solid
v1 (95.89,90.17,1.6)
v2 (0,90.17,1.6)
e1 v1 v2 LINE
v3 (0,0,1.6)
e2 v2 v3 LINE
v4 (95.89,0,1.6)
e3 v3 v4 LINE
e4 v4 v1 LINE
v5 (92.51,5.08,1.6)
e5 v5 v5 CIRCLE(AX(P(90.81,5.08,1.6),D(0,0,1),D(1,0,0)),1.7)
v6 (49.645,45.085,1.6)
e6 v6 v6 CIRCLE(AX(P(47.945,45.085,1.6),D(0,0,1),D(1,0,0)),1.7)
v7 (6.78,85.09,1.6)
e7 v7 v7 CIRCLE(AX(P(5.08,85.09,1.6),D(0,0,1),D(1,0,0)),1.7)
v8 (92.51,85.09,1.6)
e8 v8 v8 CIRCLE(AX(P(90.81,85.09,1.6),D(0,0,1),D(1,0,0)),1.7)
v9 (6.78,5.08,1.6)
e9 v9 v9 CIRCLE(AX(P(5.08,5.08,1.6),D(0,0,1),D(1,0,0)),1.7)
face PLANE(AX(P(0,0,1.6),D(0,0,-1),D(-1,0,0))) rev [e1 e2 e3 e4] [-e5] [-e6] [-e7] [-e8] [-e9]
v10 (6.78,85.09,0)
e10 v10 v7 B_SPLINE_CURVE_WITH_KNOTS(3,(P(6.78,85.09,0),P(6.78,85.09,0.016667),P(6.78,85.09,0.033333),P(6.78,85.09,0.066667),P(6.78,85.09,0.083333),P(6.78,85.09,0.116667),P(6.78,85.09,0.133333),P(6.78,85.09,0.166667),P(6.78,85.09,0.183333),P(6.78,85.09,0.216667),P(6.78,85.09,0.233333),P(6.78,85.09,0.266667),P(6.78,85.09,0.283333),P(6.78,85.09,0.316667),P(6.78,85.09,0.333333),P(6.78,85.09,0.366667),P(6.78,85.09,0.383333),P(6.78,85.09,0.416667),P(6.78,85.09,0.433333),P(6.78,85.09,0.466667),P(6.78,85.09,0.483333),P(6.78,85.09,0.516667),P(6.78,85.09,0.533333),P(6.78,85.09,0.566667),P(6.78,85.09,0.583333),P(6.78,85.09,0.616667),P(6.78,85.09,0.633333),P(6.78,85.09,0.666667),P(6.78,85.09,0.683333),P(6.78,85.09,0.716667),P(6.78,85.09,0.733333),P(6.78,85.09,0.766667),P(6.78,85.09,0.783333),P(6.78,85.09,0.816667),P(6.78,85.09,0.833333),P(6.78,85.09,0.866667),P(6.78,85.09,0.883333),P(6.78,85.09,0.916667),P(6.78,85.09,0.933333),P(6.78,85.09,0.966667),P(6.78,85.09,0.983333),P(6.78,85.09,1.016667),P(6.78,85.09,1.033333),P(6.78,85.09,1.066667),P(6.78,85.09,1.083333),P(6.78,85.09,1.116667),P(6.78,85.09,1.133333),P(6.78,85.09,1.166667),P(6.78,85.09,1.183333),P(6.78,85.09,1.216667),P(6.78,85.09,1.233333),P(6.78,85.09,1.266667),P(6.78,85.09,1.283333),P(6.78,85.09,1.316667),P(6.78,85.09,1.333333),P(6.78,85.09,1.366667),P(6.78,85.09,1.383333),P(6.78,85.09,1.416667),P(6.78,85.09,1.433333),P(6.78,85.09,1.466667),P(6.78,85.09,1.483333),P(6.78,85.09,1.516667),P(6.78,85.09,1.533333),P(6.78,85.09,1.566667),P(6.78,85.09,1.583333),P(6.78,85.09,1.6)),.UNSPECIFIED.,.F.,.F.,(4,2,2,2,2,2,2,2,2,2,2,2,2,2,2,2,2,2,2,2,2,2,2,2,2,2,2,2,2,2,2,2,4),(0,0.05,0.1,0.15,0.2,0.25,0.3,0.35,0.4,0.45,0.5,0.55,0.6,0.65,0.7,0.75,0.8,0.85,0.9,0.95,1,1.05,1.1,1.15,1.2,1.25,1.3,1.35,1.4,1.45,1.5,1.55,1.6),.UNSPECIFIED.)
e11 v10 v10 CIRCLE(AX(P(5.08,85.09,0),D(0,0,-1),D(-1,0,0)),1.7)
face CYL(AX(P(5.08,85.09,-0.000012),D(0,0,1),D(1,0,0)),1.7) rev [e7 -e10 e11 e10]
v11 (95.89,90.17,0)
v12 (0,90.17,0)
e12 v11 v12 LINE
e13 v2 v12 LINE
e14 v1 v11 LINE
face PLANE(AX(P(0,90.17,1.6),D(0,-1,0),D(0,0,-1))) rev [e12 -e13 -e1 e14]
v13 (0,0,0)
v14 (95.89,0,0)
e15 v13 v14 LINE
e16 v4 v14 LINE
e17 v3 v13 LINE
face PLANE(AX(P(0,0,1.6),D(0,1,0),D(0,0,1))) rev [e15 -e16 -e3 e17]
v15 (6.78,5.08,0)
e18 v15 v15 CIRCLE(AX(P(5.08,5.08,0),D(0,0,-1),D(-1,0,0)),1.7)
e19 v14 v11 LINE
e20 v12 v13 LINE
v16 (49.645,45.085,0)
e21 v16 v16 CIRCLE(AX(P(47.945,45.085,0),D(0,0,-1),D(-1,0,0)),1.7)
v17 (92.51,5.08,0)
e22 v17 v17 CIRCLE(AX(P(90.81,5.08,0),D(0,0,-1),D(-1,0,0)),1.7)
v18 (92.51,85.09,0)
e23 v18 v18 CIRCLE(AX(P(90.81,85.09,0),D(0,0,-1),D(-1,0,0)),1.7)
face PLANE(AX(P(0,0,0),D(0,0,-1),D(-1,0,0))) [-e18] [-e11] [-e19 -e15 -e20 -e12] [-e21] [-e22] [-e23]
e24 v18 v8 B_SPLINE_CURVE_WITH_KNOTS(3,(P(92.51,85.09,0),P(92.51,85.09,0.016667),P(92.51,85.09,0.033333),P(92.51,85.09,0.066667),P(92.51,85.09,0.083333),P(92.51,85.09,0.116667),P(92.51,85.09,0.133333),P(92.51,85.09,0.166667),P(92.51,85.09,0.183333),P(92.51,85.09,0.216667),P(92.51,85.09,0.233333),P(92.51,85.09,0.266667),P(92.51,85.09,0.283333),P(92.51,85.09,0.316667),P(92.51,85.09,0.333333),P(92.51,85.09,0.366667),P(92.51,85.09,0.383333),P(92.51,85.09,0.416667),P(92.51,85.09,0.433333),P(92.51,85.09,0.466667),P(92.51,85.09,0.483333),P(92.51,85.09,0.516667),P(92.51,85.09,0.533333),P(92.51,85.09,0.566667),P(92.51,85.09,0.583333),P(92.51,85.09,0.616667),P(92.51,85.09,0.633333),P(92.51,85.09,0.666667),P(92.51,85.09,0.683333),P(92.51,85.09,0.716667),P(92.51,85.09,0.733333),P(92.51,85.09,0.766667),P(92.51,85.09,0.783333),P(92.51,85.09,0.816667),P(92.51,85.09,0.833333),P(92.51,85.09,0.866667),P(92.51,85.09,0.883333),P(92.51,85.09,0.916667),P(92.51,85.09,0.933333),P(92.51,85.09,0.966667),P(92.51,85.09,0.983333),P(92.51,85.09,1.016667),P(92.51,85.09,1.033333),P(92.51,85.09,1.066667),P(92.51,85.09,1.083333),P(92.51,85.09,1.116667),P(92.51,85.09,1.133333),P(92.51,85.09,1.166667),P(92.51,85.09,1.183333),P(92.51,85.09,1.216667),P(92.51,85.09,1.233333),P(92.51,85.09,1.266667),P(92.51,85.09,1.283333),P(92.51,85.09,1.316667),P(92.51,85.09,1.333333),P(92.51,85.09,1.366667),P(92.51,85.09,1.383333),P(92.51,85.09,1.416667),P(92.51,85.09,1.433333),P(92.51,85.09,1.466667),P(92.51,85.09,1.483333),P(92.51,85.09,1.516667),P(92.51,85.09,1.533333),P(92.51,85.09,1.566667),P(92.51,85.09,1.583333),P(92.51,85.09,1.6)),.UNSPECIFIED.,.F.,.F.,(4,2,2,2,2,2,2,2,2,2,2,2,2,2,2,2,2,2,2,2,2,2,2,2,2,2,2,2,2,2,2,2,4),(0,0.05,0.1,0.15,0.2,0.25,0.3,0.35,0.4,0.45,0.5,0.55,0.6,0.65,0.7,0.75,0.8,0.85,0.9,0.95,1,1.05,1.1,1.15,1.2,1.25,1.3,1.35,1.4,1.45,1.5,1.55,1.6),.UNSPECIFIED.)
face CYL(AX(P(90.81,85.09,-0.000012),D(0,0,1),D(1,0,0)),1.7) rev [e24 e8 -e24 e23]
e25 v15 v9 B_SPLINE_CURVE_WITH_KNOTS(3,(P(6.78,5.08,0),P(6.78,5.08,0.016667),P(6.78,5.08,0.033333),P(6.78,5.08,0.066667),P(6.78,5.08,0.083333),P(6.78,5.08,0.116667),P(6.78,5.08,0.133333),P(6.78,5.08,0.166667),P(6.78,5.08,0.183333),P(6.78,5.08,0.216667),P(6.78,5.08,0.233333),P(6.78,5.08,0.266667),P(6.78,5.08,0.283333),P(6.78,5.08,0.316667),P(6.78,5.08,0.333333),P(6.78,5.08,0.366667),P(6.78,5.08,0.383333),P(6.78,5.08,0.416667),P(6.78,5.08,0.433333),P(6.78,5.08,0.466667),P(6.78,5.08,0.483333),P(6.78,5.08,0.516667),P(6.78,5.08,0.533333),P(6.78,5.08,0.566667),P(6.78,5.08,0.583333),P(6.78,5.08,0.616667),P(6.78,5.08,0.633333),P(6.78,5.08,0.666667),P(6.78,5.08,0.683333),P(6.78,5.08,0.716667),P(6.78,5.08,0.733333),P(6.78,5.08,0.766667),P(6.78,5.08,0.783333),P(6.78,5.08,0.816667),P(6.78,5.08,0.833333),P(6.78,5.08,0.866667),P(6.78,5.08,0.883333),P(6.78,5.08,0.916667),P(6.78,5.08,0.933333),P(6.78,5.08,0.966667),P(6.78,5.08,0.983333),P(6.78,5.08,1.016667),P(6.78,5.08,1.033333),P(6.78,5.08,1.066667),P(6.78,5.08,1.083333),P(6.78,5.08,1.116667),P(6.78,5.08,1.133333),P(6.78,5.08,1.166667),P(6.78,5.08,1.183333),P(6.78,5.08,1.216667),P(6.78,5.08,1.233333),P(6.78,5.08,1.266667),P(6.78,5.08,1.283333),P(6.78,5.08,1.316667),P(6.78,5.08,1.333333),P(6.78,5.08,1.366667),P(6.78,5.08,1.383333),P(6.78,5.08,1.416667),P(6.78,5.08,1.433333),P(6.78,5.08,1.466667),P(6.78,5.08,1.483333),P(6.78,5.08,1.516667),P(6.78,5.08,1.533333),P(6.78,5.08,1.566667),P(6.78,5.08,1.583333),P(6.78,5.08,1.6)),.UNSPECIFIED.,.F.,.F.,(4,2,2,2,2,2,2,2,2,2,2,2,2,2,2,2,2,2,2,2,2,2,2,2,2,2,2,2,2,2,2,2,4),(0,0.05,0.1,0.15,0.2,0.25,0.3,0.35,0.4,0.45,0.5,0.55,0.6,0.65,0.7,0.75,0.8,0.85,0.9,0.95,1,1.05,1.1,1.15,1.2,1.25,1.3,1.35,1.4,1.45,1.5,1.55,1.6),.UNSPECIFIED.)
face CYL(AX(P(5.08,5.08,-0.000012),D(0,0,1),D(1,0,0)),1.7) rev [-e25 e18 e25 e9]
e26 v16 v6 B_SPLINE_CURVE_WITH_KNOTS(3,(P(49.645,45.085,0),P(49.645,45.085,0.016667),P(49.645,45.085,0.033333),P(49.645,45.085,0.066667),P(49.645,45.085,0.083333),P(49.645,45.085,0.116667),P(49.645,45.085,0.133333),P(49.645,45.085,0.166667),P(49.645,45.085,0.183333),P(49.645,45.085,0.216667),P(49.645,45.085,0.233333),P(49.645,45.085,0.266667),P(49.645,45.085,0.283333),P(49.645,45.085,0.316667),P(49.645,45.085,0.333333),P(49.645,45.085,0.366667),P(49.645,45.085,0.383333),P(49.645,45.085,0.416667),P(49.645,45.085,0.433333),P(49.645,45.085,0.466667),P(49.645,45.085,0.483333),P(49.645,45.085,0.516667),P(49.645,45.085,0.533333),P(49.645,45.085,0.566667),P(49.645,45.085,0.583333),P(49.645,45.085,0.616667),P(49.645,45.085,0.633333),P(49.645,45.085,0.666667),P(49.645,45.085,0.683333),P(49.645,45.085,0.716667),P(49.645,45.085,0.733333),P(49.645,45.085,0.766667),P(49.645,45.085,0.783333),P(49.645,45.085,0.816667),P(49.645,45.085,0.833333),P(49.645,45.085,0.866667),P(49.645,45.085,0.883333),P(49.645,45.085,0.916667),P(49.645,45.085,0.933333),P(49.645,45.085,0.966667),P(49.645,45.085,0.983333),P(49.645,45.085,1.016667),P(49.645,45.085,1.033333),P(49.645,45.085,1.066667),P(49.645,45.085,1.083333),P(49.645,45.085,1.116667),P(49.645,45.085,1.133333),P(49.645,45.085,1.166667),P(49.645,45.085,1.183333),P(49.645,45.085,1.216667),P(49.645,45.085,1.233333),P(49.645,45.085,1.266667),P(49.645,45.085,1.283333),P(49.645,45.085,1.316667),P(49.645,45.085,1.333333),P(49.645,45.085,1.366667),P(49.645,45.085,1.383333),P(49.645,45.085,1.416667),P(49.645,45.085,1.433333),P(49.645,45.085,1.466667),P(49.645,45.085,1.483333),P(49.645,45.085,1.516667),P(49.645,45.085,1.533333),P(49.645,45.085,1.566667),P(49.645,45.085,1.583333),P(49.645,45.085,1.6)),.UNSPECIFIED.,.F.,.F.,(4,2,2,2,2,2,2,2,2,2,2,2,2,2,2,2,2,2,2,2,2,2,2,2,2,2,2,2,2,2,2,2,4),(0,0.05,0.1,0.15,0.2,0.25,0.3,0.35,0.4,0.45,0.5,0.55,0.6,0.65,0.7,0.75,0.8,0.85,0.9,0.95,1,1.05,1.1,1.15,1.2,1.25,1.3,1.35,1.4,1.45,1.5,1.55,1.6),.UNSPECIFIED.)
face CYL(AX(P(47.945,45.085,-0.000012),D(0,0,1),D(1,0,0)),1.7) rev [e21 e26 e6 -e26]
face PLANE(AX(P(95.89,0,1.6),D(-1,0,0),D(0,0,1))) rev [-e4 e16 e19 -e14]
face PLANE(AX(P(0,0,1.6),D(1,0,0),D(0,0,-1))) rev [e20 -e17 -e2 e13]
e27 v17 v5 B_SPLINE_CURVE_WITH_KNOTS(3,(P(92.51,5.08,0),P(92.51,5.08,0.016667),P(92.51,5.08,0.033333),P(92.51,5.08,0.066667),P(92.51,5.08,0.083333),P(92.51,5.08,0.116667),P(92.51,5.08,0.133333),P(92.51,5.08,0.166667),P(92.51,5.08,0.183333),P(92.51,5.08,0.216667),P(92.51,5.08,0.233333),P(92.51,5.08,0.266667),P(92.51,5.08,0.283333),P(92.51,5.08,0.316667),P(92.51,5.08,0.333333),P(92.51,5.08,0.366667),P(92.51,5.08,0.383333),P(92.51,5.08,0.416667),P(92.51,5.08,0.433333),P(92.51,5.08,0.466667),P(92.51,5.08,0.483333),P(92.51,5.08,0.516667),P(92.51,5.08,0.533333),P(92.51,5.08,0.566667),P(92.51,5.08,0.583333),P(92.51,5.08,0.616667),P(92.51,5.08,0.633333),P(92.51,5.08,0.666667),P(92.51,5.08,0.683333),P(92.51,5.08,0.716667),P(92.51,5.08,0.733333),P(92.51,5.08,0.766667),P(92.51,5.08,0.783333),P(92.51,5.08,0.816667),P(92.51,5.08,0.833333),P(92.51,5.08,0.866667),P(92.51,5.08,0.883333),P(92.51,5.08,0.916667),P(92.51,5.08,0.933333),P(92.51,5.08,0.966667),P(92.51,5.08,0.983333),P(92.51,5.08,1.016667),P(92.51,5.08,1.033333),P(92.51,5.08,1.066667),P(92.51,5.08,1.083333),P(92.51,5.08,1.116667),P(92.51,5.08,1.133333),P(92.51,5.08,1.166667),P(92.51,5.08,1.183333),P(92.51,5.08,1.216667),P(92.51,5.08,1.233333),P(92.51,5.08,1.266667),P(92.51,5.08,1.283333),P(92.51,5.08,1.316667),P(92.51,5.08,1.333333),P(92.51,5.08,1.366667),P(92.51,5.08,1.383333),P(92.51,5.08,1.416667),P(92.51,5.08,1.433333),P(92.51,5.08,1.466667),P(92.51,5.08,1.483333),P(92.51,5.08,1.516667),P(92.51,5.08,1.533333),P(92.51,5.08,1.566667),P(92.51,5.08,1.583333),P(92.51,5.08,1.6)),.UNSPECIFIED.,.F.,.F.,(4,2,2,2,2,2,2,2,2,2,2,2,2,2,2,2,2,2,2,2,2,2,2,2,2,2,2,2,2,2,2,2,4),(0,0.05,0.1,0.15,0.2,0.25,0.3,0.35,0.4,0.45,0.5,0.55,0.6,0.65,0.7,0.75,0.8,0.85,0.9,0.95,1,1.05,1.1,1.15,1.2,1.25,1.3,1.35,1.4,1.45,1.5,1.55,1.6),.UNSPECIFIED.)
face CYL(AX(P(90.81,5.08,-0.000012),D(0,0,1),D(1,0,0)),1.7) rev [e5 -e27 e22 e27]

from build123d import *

# Parameters (mm, degrees)
BODY_SKETCH_W    = 95.89
BODY_SKETCH_H    = 90.17
BODY_DEPTH       = 1.6
HOLES_DEPTH      = 132.636169042
HOLES_DEPTH_BACK = 132.636169042
HOLES_SKETCH_R   = 1.7


with BuildPart() as part:
    # Body sketch → Body (new body)
    with BuildSketch(Plane.XY):
        with Locations((47.945, 45.085)):
            Rectangle(BODY_SKETCH_W, BODY_SKETCH_H)
    extrude(amount=BODY_DEPTH)

    # Holes sketch → Holes (cut, two sides: drawn at the far end of the back side and taken through both)
    with BuildSketch(Plane.XY.offset(-HOLES_DEPTH_BACK)):
        with Locations((5.08, 5.08)):
            Circle(HOLES_SKETCH_R)
        with Locations((90.81, 5.08)):
            Circle(HOLES_SKETCH_R)
        with Locations((5.08, 85.09)):
            Circle(HOLES_SKETCH_R)
        with Locations((90.81, 85.09)):
            Circle(HOLES_SKETCH_R)
        with Locations((47.945, 45.085)):
            Circle(HOLES_SKETCH_R)
    extrude(amount=HOLES_DEPTH + HOLES_DEPTH_BACK, mode=Mode.SUBTRACT)


solid = part.part
